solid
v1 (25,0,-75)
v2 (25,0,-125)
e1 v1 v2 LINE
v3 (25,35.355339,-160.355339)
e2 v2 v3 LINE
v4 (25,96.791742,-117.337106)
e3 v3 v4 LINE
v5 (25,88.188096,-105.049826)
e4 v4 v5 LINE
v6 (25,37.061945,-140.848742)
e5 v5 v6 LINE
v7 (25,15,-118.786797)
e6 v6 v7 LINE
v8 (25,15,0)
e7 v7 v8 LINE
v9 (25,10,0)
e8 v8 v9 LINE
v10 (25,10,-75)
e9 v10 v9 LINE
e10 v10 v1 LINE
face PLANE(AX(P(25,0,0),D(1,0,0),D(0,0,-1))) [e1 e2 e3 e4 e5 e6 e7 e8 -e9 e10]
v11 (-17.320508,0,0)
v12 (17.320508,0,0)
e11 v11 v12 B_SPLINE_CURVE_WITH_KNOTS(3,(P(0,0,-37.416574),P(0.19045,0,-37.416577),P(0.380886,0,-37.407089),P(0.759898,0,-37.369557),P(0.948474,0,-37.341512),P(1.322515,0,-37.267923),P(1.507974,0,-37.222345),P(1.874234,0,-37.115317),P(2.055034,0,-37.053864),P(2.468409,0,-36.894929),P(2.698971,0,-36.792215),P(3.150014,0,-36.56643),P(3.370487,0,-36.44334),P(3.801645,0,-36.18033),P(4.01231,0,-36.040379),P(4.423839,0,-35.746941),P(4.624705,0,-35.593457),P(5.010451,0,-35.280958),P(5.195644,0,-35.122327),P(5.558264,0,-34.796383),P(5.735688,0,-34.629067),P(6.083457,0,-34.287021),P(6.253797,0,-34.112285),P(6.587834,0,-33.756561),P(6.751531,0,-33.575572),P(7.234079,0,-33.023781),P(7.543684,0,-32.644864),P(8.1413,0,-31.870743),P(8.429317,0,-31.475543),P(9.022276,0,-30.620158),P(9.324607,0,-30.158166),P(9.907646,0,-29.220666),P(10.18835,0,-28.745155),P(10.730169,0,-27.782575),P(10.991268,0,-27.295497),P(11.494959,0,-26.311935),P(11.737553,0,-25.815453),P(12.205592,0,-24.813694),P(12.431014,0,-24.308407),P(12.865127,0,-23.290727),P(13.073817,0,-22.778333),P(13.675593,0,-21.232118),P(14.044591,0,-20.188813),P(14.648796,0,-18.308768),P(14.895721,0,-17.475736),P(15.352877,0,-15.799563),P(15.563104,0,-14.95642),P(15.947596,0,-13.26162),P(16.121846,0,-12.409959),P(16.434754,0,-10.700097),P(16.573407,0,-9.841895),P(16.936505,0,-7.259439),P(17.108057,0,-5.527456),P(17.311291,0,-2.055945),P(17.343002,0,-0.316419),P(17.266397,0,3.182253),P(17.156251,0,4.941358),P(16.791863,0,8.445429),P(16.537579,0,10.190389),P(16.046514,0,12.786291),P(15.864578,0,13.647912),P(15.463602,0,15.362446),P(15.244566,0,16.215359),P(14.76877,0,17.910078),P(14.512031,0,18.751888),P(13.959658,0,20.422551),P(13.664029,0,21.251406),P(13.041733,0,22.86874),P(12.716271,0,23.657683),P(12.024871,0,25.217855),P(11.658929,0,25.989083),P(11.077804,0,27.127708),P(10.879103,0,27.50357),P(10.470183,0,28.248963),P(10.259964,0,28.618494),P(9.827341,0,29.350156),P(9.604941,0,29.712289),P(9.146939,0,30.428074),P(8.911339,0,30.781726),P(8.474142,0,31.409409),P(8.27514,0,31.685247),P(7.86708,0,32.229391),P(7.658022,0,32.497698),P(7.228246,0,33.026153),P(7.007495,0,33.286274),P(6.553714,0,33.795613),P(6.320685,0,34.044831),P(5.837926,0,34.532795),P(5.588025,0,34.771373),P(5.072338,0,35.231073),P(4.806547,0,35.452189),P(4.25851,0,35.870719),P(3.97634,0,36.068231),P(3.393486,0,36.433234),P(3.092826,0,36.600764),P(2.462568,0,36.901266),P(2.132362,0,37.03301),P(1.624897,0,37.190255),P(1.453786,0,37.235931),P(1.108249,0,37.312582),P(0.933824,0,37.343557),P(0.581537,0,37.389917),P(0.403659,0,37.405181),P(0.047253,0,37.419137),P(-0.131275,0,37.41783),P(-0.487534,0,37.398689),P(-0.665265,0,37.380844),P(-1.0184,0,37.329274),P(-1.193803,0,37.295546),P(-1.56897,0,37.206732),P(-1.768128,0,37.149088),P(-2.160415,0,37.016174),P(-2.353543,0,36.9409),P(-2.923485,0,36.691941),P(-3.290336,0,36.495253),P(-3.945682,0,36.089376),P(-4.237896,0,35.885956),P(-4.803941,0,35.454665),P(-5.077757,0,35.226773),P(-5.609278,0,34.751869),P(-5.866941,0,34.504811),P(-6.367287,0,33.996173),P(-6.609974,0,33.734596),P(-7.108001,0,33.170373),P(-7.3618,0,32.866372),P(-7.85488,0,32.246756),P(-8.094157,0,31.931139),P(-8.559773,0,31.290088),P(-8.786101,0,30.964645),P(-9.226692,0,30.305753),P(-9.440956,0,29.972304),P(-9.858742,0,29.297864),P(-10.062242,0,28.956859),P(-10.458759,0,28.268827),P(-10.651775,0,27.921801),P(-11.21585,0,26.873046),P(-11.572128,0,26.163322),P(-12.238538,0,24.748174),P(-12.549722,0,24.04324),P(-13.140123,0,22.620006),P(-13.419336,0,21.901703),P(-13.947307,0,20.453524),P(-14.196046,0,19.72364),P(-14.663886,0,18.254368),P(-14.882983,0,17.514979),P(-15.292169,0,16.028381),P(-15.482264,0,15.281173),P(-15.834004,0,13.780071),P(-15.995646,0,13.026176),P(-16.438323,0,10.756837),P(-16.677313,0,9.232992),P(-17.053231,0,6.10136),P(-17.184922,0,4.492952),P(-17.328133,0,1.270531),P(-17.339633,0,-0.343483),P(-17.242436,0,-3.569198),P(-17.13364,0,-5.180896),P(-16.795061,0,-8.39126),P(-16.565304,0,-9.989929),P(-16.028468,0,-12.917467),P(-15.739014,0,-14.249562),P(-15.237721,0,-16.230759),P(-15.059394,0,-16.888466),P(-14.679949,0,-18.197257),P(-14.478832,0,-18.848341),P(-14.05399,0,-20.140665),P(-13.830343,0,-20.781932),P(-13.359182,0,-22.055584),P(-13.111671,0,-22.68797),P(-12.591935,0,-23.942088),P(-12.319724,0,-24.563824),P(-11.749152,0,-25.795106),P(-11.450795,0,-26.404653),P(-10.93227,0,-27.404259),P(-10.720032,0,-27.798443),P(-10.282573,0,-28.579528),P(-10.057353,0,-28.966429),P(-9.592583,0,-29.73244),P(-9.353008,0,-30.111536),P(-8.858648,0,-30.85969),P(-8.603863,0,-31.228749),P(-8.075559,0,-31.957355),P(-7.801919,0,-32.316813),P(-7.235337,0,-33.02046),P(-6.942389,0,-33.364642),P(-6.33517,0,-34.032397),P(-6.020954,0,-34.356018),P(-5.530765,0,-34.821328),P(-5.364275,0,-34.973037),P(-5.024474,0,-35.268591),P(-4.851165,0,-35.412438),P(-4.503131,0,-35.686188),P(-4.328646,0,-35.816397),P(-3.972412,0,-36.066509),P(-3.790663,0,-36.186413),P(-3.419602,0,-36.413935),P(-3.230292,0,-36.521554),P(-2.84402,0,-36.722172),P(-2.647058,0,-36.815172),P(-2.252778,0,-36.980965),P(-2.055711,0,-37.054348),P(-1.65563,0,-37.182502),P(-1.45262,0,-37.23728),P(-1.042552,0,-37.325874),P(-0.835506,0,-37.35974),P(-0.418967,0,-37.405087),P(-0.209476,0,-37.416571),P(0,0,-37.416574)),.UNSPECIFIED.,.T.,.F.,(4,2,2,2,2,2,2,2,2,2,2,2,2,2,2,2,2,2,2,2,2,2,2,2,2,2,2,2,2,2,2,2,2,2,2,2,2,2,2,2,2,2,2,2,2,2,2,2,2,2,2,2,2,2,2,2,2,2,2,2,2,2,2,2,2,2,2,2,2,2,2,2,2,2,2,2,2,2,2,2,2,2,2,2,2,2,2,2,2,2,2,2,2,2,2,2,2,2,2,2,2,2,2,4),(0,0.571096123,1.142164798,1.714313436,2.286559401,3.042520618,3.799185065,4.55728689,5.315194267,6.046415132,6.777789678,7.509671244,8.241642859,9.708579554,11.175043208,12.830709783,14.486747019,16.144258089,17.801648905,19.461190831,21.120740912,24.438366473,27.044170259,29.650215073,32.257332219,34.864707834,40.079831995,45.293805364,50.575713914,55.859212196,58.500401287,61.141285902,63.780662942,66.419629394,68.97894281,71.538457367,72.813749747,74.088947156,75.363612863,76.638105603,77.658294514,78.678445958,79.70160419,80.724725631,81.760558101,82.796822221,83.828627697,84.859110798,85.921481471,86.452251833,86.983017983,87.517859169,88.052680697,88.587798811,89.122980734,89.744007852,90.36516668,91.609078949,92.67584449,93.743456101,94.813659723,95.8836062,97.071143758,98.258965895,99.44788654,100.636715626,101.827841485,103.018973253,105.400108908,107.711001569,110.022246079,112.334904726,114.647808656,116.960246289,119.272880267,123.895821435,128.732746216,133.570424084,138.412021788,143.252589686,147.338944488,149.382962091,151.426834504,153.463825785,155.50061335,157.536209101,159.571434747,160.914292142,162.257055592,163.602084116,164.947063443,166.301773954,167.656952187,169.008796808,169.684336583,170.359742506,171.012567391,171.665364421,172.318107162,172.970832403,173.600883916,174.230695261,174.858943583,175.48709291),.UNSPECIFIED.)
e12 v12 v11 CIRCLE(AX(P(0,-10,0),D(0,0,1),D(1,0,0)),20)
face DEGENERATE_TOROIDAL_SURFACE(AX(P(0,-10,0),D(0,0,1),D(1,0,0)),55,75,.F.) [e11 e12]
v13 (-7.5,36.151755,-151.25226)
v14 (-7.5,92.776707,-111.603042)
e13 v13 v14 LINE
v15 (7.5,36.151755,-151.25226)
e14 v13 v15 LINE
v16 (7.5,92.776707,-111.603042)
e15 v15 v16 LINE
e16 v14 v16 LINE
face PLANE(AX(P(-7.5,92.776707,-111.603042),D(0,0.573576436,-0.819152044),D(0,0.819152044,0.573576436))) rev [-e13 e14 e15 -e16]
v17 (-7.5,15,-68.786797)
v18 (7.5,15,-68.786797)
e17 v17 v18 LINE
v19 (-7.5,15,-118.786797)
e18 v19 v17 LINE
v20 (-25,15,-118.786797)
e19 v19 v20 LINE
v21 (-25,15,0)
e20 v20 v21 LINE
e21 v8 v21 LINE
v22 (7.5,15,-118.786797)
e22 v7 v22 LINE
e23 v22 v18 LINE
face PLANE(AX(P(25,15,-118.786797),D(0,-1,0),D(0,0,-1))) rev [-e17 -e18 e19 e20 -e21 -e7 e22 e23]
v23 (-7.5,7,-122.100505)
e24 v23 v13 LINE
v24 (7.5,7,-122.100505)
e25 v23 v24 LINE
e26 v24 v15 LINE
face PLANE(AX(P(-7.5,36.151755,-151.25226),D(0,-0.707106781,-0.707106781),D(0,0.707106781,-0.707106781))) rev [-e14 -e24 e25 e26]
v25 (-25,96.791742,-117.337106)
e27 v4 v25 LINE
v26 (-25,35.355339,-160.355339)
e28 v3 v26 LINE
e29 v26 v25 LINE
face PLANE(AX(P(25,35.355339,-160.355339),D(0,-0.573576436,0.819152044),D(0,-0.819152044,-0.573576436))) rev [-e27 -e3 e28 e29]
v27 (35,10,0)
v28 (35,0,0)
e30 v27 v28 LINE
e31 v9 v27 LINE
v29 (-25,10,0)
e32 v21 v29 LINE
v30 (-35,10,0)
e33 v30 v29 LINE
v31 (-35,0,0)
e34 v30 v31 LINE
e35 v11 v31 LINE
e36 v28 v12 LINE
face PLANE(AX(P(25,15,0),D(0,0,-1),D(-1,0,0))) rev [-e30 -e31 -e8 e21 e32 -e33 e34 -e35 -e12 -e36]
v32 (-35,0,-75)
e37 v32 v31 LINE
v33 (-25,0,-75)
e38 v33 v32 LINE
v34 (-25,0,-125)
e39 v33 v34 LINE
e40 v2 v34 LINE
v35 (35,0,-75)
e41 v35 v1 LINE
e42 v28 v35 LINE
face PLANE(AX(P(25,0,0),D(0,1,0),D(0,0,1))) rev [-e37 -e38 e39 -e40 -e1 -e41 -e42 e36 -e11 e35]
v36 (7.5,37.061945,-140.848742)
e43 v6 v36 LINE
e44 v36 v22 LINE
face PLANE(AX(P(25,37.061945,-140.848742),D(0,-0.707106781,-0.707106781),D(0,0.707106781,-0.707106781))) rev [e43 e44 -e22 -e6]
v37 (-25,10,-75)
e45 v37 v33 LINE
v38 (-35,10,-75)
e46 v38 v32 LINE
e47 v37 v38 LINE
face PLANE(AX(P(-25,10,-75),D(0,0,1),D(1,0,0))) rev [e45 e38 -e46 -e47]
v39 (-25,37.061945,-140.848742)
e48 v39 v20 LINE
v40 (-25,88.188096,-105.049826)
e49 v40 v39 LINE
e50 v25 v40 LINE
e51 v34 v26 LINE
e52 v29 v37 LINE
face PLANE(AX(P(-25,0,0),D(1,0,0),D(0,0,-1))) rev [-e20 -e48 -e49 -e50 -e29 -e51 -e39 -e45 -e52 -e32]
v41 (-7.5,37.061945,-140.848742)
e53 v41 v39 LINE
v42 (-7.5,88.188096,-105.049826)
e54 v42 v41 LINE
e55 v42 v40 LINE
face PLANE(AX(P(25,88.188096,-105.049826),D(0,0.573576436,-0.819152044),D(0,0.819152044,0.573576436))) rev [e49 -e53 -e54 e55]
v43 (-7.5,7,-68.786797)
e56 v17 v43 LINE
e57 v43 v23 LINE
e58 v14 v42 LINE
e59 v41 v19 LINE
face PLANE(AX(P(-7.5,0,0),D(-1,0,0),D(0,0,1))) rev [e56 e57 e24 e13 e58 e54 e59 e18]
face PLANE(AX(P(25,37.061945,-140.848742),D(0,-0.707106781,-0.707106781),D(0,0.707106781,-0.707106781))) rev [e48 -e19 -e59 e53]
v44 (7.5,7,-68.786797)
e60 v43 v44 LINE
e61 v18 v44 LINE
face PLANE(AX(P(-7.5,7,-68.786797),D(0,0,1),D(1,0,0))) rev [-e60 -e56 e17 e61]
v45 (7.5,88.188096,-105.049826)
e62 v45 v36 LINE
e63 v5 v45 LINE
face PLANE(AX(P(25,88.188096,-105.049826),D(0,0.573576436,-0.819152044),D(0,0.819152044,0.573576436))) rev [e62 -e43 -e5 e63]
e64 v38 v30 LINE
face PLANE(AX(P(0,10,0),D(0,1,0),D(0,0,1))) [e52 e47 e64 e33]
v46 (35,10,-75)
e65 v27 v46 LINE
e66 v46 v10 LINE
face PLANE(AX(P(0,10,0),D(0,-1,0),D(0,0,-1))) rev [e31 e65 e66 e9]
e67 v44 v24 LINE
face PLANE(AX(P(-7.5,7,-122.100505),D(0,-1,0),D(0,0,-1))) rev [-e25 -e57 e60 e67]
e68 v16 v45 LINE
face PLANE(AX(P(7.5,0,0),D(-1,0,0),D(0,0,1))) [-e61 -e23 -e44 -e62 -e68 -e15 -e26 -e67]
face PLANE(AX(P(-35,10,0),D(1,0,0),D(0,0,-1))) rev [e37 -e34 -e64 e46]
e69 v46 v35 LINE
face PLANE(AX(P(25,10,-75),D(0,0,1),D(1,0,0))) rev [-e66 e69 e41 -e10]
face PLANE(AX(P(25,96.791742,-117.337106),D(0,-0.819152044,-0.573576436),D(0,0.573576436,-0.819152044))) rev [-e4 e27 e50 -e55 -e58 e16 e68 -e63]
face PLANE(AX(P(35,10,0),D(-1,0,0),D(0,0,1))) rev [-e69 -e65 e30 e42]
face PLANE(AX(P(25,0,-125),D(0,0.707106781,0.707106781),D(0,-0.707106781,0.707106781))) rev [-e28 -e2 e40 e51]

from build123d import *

# Parameters (mm, degrees)
BOSS_EXTRUDE2_DEPTH = 25
CUT_EXTRUDE1_DEPTH  = 7.5
SKETCH4_W           = 10
SKETCH4_H           = 75
BOSS_EXTRUDE3_DEPTH = 10


with BuildPart() as part:
    # Sketch2 → Boss-Extrude2 (new, symmetric)
    with BuildSketch(Plane(origin=(0, 0, 0), x_dir=(0, 0, -1), z_dir=(1, 0, 0))):
        Polygon((0, 0), (125, 0), (160.355339059, 35.355339059), (117.337106333, 96.791742381), (105.049825669, 88.188095836), (140.848741752, 37.061945188), (118.786796564, 15), (0, 15), align=None)
    extrude(amount=BOSS_EXTRUDE2_DEPTH, both=True)

    # Sketch3 → Cut-Extrude1 (cut, symmetric)
    with BuildSketch(Plane(origin=(0, 0, 0), x_dir=(0, 0, -1), z_dir=(1, 0, 0))):
        Polygon((111.603042023, 92.776707327), (151.252260316, 36.151755253), (122.100505063, 7), (68.786796564, 7), (68.786796564, 15), (118.786796564, 15), (140.848741752, 37.061945188), (105.049825669, 88.188095836), align=None)
    extrude(amount=CUT_EXTRUDE1_DEPTH, both=True, mode=Mode.SUBTRACT)

    # Sketch4 → Boss-Extrude3 (add)
    with BuildSketch(Plane(origin=(0, 0, 0), x_dir=(1, 0, 0), z_dir=(0, 1, 0))):
        with Locations((-30, 37.5)):
            Rectangle(SKETCH4_W, SKETCH4_H)
        with Locations((30, 37.5)):
            Rectangle(SKETCH4_W, SKETCH4_H)
    extrude(amount=BOSS_EXTRUDE3_DEPTH)

    # Sketch8 → Cut-Revolve5 (revolve, cut)
    with BuildSketch(Plane(origin=(0, 0, 0), x_dir=(0, 0, -1), z_dir=(1, 0, 0))):
        with BuildLine():
            Line((0, 0), (0, 10))
            ThreePointArc((0, 10), (19.364916731, 7.456883731), (37.416573868, 0))
            Line((37.416573868, 0), (0, 0))
        make_face()
    revolve(axis=Axis((0, -10, 0), (0, 0, -1)), mode=Mode.SUBTRACT)


solid = part.part
